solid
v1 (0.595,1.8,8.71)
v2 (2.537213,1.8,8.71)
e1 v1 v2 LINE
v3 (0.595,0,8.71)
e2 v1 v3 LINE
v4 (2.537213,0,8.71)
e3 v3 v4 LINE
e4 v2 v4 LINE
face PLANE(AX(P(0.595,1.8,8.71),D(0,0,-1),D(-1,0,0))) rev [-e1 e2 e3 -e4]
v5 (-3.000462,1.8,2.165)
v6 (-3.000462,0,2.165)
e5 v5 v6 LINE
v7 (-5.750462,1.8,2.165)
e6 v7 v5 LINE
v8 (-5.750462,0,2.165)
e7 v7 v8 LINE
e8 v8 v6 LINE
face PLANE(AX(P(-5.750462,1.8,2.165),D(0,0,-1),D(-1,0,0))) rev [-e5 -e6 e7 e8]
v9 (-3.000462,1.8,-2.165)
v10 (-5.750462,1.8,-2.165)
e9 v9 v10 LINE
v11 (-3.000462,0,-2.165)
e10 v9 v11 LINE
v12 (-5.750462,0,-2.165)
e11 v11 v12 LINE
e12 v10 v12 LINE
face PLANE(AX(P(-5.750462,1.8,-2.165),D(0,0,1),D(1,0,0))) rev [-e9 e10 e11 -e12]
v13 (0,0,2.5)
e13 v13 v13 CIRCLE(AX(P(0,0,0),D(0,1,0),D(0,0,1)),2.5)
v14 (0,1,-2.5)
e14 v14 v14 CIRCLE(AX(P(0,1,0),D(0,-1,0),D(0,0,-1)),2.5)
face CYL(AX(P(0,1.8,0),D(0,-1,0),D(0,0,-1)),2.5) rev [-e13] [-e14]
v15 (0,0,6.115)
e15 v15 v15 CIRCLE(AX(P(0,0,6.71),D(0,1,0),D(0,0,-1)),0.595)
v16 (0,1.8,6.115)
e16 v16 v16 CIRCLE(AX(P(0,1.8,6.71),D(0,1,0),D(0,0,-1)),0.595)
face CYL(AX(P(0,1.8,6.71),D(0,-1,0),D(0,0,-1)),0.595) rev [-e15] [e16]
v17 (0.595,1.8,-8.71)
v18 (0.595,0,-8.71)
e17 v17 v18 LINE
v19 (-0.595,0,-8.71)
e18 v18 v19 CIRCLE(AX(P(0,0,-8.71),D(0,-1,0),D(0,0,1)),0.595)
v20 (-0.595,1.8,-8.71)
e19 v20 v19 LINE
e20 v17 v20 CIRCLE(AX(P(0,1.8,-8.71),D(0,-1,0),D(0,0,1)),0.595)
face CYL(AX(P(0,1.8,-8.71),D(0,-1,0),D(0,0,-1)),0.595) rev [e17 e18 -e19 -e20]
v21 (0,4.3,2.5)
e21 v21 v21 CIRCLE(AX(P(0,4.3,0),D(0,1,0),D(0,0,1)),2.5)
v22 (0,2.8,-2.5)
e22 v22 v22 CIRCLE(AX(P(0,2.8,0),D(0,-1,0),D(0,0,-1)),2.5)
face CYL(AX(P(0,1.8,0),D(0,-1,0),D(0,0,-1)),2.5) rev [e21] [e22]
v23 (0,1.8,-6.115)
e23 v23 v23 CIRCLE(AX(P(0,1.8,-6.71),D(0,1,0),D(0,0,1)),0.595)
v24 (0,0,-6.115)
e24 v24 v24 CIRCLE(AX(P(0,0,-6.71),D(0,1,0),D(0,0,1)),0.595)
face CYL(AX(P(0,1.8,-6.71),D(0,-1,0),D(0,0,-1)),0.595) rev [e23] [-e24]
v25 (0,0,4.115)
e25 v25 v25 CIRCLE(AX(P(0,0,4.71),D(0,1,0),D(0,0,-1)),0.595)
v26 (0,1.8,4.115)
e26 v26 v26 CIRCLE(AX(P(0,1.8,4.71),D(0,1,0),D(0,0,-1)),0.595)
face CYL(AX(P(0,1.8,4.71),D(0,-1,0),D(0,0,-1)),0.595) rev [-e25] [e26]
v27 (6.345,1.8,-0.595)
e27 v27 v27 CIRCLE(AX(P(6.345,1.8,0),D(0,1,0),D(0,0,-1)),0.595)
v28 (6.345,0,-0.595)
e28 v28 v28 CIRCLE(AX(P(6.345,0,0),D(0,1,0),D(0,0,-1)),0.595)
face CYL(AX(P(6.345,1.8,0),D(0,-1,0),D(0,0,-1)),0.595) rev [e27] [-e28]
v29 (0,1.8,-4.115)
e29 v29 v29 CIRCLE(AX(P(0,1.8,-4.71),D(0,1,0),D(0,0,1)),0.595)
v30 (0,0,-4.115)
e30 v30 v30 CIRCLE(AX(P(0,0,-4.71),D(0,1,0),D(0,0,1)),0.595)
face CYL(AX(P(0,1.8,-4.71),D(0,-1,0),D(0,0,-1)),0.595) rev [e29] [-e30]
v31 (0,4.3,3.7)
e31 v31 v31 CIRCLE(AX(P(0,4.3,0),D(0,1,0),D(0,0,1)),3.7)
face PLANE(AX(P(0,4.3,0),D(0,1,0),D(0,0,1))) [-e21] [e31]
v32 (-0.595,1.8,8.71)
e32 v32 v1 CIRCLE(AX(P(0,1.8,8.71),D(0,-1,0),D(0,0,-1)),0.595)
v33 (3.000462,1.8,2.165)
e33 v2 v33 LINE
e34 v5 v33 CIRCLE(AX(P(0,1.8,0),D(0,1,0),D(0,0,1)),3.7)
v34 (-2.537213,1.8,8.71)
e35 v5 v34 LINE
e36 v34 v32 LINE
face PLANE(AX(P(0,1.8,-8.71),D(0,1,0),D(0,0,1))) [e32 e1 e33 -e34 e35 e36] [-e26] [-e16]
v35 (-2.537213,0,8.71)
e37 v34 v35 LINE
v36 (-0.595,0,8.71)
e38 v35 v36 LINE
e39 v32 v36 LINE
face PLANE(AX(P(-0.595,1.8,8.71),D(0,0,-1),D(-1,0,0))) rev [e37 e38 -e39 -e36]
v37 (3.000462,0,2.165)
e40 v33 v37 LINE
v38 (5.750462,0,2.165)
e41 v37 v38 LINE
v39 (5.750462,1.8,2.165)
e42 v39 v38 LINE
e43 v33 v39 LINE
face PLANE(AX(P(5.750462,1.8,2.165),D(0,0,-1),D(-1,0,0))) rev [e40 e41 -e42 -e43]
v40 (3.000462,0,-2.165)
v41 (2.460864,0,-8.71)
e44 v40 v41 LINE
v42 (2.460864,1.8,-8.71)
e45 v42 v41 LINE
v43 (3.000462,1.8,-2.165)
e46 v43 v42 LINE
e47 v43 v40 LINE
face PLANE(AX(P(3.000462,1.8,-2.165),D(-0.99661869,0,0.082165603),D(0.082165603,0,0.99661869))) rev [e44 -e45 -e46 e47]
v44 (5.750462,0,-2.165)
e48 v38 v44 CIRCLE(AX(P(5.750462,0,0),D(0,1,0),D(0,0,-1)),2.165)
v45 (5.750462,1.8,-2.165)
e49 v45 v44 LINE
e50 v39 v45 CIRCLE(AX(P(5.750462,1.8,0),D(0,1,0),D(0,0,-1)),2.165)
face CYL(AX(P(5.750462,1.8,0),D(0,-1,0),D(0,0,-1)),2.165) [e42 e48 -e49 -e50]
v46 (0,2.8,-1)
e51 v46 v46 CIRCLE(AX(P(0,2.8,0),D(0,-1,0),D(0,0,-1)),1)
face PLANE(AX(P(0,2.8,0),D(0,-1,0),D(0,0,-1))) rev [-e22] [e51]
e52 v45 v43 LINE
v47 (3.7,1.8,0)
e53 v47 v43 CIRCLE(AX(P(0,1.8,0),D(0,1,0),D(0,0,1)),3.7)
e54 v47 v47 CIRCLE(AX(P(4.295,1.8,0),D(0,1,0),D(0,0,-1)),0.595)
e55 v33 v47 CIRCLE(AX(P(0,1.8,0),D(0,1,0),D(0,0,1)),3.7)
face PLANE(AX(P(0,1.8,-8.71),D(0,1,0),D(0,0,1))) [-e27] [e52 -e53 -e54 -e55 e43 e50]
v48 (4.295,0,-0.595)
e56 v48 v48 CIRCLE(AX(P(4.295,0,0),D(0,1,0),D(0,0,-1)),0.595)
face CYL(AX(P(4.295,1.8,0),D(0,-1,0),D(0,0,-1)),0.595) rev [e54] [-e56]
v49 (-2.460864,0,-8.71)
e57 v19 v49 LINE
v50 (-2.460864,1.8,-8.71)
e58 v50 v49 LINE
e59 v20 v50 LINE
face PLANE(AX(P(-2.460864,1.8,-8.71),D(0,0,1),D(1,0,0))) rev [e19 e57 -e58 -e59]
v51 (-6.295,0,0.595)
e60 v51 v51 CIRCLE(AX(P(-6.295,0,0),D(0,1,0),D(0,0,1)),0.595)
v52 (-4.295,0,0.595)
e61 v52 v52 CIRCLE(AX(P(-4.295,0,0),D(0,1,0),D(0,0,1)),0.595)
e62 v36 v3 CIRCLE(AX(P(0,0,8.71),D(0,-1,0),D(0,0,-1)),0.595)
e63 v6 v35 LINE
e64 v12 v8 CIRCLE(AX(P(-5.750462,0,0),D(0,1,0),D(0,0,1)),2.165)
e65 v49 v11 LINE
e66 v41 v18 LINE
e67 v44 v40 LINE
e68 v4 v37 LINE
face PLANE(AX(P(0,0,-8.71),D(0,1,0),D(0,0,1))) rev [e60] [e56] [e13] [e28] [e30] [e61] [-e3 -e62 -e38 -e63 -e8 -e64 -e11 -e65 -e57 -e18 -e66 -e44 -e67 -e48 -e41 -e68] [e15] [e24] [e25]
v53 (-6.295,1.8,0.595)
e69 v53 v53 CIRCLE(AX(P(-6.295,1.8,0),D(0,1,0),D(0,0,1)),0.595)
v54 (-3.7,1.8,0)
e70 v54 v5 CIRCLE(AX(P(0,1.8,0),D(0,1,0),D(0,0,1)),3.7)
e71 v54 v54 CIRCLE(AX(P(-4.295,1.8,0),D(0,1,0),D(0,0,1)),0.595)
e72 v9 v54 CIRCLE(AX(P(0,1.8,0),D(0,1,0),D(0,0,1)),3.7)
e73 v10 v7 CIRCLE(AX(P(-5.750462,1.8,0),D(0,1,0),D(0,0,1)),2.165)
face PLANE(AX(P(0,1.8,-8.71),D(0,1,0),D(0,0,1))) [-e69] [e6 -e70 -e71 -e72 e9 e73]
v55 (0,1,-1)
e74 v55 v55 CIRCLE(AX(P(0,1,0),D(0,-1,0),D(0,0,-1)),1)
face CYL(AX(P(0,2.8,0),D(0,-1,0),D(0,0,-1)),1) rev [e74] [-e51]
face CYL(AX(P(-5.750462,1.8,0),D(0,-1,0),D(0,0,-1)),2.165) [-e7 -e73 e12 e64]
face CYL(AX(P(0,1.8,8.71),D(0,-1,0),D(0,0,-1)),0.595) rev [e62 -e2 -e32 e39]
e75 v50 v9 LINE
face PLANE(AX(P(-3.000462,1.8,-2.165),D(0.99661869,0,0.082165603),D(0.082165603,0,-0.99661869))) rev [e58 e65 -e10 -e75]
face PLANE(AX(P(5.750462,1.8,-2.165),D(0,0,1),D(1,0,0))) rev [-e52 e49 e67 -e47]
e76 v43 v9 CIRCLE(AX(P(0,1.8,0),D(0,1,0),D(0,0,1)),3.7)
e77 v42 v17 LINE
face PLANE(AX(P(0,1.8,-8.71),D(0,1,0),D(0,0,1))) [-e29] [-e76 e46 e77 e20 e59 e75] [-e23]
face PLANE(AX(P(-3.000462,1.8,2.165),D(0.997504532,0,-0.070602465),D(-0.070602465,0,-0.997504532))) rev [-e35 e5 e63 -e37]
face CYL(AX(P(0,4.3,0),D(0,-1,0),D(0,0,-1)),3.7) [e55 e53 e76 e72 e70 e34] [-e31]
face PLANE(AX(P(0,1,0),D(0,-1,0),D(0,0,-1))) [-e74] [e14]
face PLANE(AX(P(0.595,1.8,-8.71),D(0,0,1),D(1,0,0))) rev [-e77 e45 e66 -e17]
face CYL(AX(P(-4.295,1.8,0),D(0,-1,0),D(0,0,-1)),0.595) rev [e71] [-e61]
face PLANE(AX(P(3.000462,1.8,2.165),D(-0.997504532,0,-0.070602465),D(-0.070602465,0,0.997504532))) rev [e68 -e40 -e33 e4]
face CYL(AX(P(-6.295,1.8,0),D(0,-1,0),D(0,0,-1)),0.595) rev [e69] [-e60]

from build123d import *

# Parameters (mm, degrees)
SKETCH2_R           = 2.5
SKETCH2_R_2         = 0.595
BOSS_EXTRUDE1_DEPTH = 1.8
SKETCH3_R           = 3.7
SKETCH3_R_2         = 2.5
BOSS_EXTRUDE2_DEPTH = 2.5
SKETCH4_R           = 2.5
SKETCH4_R_2         = 1
BOSS_EXTRUDE3_DEPTH = 1.8


with BuildPart() as part:
    # Sketch2 → Boss-Extrude1 (new body)
    with BuildSketch(Plane(origin=(0, 0, 0), x_dir=(1, 0, 0), z_dir=(0, 1, 0))):
        with BuildLine():
            Line((-2.460864044, 8.71), (-0.595, 8.71))
            ThreePointArc((-0.595, 8.71), (0, 8.115), (0.595, 8.71))
            Line((0.595, 8.71), (2.460864044, 8.71))
            Line((2.460864044, 8.71), (3.000462464, 2.165))
            Line((3.000462464, 2.165), (5.750462464, 2.165))
            ThreePointArc((5.750462464, 2.165), (7.281348646, 1.530886181), (7.915462464, 0))
            ThreePointArc((7.915462464, 0), (7.281348646, -1.530886181), (5.750462464, -2.165))
            Line((5.750462464, -2.165), (3.000462464, -2.165))
            Line((3.000462464, -2.165), (2.537213308, -8.71))
            Line((2.537213308, -8.71), (0.595, -8.71))
            ThreePointArc((0.595, -8.71), (0, -8.115), (-0.595, -8.71))
            Line((-0.595, -8.71), (-2.537213308, -8.71))
            Line((-2.537213308, -8.71), (-3.000462464, -2.165))
            Line((-3.000462464, -2.165), (-5.750462464, -2.165))
            ThreePointArc((-5.750462464, -2.165), (-7.281348646, -1.530886181), (-7.915462464, 0))
            ThreePointArc((-7.915462464, 0), (-7.281348646, 1.530886181), (-5.750462464, 2.165))
            Line((-5.750462464, 2.165), (-3.000462464, 2.165))
            Line((-3.000462464, 2.165), (-2.460864044, 8.71))
        make_face()
        with Locations(Location((0, 0, 0), (0, 0, 270))):
            Circle(SKETCH2_R, mode=Mode.SUBTRACT)
        with Locations(Location((-4.295, 0, 0), (0, 0, 270))):
            Circle(SKETCH2_R_2, mode=Mode.SUBTRACT)
        with Locations(Location((-6.295, 0, 0), (0, 0, 270))):
            Circle(SKETCH2_R_2, mode=Mode.SUBTRACT)
        with Locations(Location((0, 4.71, 0), (0, 0, 270))):
            Circle(SKETCH2_R_2, mode=Mode.SUBTRACT)
        with Locations(Location((0, 6.71, 0), (0, 0, 270))):
            Circle(SKETCH2_R_2, mode=Mode.SUBTRACT)
        with Locations(Location((0, -4.71, 0), (0, 0, 90))):
            Circle(SKETCH2_R_2, mode=Mode.SUBTRACT)
        with Locations(Location((0, -6.71, 0), (0, 0, 90))):
            Circle(SKETCH2_R_2, mode=Mode.SUBTRACT)
        with Locations(Location((6.345, 0, 0), (0, 0, 90))):
            Circle(SKETCH2_R_2, mode=Mode.SUBTRACT)
        with Locations(Location((4.295, 0, 0), (0, 0, 90))):
            Circle(SKETCH2_R_2, mode=Mode.SUBTRACT)
    extrude(amount=BOSS_EXTRUDE1_DEPTH)

    # Sketch3 → Boss-Extrude2 (add)
    with BuildSketch(Plane(origin=(0, 1.8, 0), x_dir=(1, 0, 0), z_dir=(0, 1, 0))):
        with Locations(Location((0, 0, 0), (0, 0, 144.187462738))):
            Circle(SKETCH3_R)
        with Locations(Location((0, 0, 0), (0, 0, 270))):
            Circle(SKETCH3_R_2, mode=Mode.SUBTRACT)
    extrude(amount=BOSS_EXTRUDE2_DEPTH)

    # Sketch4 → Boss-Extrude3 (add)
    with BuildSketch(Plane(origin=(0, 1, 0), x_dir=(-1, 0, 0), z_dir=(0, -1, 0))):
        with Locations(Location((0, 0, 0), (0, 0, 90))):
            Circle(SKETCH4_R)
        with Locations(Location((0, 0, 0), (0, 0, 90))):
            Circle(SKETCH4_R_2, mode=Mode.SUBTRACT)
    extrude(amount=-BOSS_EXTRUDE3_DEPTH)


solid = part.part
